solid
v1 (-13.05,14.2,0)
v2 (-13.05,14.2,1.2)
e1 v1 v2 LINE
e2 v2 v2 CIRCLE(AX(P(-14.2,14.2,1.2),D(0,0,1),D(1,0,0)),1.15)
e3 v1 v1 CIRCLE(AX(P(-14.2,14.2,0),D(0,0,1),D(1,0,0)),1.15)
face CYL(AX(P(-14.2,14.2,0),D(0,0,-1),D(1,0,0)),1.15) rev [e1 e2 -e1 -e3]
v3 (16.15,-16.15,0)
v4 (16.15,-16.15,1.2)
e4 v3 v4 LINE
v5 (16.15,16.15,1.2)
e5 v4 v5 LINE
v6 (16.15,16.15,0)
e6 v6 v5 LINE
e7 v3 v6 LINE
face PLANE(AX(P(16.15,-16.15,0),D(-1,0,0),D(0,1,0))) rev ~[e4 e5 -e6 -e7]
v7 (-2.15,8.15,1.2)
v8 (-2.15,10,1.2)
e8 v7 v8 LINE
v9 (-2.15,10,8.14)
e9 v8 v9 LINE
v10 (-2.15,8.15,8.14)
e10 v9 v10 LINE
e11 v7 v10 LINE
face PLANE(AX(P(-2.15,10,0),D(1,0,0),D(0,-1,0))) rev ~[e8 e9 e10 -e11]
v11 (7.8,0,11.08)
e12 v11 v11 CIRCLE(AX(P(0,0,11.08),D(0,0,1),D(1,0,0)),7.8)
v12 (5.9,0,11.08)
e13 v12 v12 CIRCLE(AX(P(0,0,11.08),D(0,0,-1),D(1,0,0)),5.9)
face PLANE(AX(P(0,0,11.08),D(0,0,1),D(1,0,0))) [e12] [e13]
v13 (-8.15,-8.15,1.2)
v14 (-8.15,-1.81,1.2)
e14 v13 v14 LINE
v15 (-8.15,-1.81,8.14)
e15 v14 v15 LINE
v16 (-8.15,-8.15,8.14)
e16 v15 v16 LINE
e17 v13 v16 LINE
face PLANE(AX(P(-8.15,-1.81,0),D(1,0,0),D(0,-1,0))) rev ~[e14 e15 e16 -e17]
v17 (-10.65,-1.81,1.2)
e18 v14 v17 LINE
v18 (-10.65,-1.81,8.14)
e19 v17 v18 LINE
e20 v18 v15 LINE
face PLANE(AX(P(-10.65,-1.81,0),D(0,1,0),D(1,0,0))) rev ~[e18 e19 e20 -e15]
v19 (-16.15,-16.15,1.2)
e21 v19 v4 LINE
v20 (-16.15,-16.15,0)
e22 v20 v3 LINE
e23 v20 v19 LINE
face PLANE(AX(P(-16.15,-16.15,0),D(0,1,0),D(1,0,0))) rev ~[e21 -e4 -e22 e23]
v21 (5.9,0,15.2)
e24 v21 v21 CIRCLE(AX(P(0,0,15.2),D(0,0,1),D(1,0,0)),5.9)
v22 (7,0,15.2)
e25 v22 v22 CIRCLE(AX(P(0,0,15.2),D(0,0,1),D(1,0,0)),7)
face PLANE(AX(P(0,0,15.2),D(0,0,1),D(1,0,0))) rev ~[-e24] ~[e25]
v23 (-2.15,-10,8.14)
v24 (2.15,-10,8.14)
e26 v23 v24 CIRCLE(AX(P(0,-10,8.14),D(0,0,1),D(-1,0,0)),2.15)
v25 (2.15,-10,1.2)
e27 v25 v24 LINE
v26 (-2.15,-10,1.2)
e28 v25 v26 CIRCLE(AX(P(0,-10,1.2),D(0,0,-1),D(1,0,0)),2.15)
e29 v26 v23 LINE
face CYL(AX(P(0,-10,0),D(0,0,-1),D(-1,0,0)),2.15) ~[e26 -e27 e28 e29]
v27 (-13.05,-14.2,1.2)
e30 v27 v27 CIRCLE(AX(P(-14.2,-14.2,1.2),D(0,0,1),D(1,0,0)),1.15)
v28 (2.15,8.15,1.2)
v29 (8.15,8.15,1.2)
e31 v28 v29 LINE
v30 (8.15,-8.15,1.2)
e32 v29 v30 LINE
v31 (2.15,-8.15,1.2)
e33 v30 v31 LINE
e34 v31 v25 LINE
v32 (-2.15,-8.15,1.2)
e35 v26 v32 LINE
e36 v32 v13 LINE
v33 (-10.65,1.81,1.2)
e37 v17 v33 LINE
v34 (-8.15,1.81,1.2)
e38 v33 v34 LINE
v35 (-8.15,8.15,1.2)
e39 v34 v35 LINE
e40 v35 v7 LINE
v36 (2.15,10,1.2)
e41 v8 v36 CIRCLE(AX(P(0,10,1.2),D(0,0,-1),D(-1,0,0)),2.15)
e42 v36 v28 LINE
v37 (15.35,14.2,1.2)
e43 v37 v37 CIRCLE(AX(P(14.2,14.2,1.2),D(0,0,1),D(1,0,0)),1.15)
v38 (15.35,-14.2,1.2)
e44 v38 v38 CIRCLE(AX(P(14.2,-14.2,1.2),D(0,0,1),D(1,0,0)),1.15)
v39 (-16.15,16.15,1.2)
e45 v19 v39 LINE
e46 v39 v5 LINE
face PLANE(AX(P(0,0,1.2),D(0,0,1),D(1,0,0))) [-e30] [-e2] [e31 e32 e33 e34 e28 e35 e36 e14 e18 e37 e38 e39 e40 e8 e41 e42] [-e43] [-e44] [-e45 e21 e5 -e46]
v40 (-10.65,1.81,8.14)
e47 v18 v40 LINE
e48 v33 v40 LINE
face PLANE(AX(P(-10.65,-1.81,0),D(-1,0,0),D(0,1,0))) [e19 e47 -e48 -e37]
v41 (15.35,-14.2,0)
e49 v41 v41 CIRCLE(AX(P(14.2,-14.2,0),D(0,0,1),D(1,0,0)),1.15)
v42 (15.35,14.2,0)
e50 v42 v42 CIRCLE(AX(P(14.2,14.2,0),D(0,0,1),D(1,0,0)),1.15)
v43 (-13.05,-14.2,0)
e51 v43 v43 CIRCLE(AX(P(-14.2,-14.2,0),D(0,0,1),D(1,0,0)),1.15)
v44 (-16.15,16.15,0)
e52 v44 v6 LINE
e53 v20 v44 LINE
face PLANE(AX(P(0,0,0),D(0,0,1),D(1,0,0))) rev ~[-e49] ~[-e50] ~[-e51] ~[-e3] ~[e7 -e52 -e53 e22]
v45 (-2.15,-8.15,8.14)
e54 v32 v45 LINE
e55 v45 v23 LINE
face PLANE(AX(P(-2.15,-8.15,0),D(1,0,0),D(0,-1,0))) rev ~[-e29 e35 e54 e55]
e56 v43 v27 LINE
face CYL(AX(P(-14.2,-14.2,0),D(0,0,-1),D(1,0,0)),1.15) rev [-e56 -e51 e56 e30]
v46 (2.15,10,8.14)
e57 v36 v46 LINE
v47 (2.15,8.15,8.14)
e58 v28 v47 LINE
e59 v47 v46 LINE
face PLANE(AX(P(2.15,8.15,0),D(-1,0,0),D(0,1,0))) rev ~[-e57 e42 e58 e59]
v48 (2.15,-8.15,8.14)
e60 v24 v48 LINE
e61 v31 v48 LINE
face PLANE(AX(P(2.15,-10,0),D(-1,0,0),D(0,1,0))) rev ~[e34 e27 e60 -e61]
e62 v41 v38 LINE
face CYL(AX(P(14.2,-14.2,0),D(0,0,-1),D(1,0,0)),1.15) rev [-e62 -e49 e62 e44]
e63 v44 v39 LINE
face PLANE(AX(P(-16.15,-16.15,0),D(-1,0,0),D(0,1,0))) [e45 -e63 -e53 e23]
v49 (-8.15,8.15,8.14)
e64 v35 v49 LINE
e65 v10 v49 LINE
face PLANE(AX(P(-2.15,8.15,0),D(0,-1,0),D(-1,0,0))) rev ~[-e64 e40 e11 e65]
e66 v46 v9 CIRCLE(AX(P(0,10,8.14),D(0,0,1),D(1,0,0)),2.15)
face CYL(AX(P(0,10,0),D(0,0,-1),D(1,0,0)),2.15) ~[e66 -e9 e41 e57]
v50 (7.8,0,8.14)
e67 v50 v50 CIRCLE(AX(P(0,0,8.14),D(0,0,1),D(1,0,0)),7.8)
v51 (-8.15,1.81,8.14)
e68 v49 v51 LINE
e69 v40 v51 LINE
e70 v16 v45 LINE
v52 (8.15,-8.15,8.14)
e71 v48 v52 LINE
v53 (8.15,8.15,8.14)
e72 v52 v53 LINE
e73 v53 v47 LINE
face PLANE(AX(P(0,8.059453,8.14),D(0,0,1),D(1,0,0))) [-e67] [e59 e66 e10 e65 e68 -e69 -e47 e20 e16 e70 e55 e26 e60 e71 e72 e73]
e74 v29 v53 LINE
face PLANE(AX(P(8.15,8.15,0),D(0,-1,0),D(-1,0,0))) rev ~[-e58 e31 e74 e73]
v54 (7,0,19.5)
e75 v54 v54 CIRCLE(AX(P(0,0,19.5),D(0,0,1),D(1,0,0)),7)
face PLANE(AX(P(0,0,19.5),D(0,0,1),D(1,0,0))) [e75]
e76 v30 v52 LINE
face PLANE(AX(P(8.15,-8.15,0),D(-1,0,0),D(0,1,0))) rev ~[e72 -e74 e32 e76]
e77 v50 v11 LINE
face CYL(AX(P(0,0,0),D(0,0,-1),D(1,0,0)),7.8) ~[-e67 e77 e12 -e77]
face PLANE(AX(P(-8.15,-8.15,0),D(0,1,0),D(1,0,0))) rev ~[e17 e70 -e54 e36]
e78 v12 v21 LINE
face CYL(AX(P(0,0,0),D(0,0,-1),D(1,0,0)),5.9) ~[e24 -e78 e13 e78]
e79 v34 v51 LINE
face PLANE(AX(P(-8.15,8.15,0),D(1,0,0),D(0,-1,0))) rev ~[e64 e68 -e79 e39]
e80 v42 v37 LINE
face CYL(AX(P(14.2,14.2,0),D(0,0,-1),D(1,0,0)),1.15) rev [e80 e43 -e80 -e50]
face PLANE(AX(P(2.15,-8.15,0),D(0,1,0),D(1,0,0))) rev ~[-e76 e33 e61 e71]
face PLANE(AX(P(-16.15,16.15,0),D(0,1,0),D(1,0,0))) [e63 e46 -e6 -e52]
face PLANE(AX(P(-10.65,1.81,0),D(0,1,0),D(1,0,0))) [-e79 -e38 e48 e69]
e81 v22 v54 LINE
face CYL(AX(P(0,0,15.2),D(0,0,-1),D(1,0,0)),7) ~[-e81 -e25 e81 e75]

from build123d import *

# Parameters (mm, degrees)
F0_W     = 32.3
F0_H     = 32.3
F0_R     = 1.15
F1_DEPTH = 1.2
F0_R_2   = 7.8
F0_W_2   = 2.5
F0_H_2   = 3.62
F2_DEPTH = 8.14
F3_DEPTH = 11.08
F4_R     = 5.9
F5_DEPTH = 19.5
F6_START = 15.2
F4_R_2   = 7
F6_DEPTH = 4.3


with BuildPart() as f1:
    # F0 (on Top) → F1 (new body)
    with BuildSketch(Plane.XY):
        Rectangle(F0_W, F0_H)
        with Locations((-14.2, -14.2)):
            Circle(F0_R, mode=Mode.SUBTRACT)
        with Locations((14.2, -14.2)):
            Circle(F0_R, mode=Mode.SUBTRACT)
        with BuildLine():
            Line((-8.15, 1.81), (-8.15, 8.15))
            Line((-8.15, 8.15), (-2.15, 8.15))
            Line((-2.15, 8.15), (-2.15, 10))
            ThreePointArc((-2.15, 10), (0, 12.15), (2.15, 10))
            Line((2.15, 10), (2.15, 8.15))
            Line((2.15, 8.15), (8.15, 8.15))
            Line((8.15, 8.15), (8.15, -8.15))
            Line((8.15, -8.15), (2.15, -8.15))
            Line((2.15, -8.15), (2.15, -10))
            ThreePointArc((2.15, -10), (0, -12.15), (-2.15, -10))
            Line((-2.15, -10), (-2.15, -8.15))
            Line((-2.15, -8.15), (-8.15, -8.15))
            Line((-8.15, -8.15), (-8.15, -1.81))
            Line((-8.15, -1.81), (-10.65, -1.81))
            Line((-10.65, -1.81), (-10.65, 1.81))
            Line((-10.65, 1.81), (-8.15, 1.81))
        make_face(mode=Mode.SUBTRACT)
        with Locations((-14.2, 14.2)):
            Circle(F0_R, mode=Mode.SUBTRACT)
        with Locations((14.2, 14.2)):
            Circle(F0_R, mode=Mode.SUBTRACT)
    extrude(amount=F1_DEPTH)

    # F0 (on Top) → F2 (join)
    with BuildSketch(Plane.XY):
        with BuildLine():
            Line((1.095445115, 8.15), (-1.095445115, 8.15))
            ThreePointArc((-1.095445115, 8.15), (0, 7.85), (1.095445115, 8.15))
        make_face()
        with BuildLine():
            ThreePointArc((1.095445115, -8.15), (0, -7.85), (-1.095445115, -8.15))
            Line((-1.095445115, -8.15), (1.095445115, -8.15))
        make_face()
        with BuildLine():
            Line((-1.095445115, -8.15), (-2.15, -8.15))
            Line((-2.15, -8.15), (-2.15, -10))
            ThreePointArc((-2.15, -10), (-1.86784729, -8.9352716302), (-1.095445115, -8.15))
        make_face()
        with BuildLine():
            Line((2.15, -8.15), (1.095445115, -8.15))
            ThreePointArc((1.095445115, -8.15), (1.86784729, -8.9352716302), (2.15, -10))
            Line((2.15, -10), (2.15, -8.15))
        make_face()
        with BuildLine():
            Line((1.095445115, -8.15), (-1.095445115, -8.15))
            ThreePointArc((-1.095445115, -8.15), (-1.86784729, -8.9352716302), (-2.15, -10))
            ThreePointArc((-2.15, -10), (0, -12.15), (2.15, -10))
            ThreePointArc((2.15, -10), (1.86784729, -8.9352716302), (1.095445115, -8.15))
        make_face()
        with BuildLine():
            ThreePointArc((2.15, 10), (1.86784729, 8.9352716302), (1.095445115, 8.15))
            Line((1.095445115, 8.15), (2.15, 8.15))
            Line((2.15, 8.15), (2.15, 10))
        make_face()
        with BuildLine():
            Line((-2.15, 10), (-2.15, 8.15))
            Line((-2.15, 8.15), (-1.095445115, 8.15))
            ThreePointArc((-1.095445115, 8.15), (-1.86784729, 8.9352716302), (-2.15, 10))
        make_face()
        with BuildLine():
            ThreePointArc((-2.15, 10), (-1.86784729, 8.9352716302), (-1.095445115, 8.15))
            Line((-1.095445115, 8.15), (1.095445115, 8.15))
            ThreePointArc((1.095445115, 8.15), (1.86784729, 8.9352716302), (2.15, 10))
            ThreePointArc((2.15, 10), (0, 12.15), (-2.15, 10))
        make_face()
        with BuildLine():
            Line((-2.15, 8.15), (-8.15, 8.15))
            Line((-8.15, 8.15), (-8.15, 1.81))
            Line((-8.15, 1.81), (-8.15, -1.81))
            Line((-8.15, -1.81), (-8.15, -8.15))
            Line((-8.15, -8.15), (-2.15, -8.15))
            Line((-2.15, -8.15), (-1.095445115, -8.15))
            ThreePointArc((-1.095445115, -8.15), (0, -7.85), (1.095445115, -8.15))
            Line((1.095445115, -8.15), (2.15, -8.15))
            Line((2.15, -8.15), (8.15, -8.15))
            Line((8.15, -8.15), (8.15, 8.15))
            Line((8.15, 8.15), (2.15, 8.15))
            Line((2.15, 8.15), (1.095445115, 8.15))
            ThreePointArc((1.095445115, 8.15), (0, 7.85), (-1.095445115, 8.15))
            Line((-1.095445115, 8.15), (-2.15, 8.15))
        make_face()
        Circle(F0_R_2, mode=Mode.SUBTRACT)
        with Locations((-9.4, 0)):
            Rectangle(F0_W_2, F0_H_2)
    extrude(amount=F2_DEPTH)

    # F0 (on Top) → F3 (join)
    with BuildSketch(Plane.XY):
        Circle(F0_R_2)
    extrude(amount=F3_DEPTH)

    # F4 (on Top) → F5 (join)
    with BuildSketch(Plane.XY):
        Circle(F4_R)
    extrude(amount=F5_DEPTH)

    # F4 (on Top) → F6 (join)
    with BuildSketch(Plane.XY.offset(F6_START)):
        Circle(F4_R_2)
        Circle(F4_R, mode=Mode.SUBTRACT)
    extrude(amount=F6_DEPTH)


solid = f1.part
